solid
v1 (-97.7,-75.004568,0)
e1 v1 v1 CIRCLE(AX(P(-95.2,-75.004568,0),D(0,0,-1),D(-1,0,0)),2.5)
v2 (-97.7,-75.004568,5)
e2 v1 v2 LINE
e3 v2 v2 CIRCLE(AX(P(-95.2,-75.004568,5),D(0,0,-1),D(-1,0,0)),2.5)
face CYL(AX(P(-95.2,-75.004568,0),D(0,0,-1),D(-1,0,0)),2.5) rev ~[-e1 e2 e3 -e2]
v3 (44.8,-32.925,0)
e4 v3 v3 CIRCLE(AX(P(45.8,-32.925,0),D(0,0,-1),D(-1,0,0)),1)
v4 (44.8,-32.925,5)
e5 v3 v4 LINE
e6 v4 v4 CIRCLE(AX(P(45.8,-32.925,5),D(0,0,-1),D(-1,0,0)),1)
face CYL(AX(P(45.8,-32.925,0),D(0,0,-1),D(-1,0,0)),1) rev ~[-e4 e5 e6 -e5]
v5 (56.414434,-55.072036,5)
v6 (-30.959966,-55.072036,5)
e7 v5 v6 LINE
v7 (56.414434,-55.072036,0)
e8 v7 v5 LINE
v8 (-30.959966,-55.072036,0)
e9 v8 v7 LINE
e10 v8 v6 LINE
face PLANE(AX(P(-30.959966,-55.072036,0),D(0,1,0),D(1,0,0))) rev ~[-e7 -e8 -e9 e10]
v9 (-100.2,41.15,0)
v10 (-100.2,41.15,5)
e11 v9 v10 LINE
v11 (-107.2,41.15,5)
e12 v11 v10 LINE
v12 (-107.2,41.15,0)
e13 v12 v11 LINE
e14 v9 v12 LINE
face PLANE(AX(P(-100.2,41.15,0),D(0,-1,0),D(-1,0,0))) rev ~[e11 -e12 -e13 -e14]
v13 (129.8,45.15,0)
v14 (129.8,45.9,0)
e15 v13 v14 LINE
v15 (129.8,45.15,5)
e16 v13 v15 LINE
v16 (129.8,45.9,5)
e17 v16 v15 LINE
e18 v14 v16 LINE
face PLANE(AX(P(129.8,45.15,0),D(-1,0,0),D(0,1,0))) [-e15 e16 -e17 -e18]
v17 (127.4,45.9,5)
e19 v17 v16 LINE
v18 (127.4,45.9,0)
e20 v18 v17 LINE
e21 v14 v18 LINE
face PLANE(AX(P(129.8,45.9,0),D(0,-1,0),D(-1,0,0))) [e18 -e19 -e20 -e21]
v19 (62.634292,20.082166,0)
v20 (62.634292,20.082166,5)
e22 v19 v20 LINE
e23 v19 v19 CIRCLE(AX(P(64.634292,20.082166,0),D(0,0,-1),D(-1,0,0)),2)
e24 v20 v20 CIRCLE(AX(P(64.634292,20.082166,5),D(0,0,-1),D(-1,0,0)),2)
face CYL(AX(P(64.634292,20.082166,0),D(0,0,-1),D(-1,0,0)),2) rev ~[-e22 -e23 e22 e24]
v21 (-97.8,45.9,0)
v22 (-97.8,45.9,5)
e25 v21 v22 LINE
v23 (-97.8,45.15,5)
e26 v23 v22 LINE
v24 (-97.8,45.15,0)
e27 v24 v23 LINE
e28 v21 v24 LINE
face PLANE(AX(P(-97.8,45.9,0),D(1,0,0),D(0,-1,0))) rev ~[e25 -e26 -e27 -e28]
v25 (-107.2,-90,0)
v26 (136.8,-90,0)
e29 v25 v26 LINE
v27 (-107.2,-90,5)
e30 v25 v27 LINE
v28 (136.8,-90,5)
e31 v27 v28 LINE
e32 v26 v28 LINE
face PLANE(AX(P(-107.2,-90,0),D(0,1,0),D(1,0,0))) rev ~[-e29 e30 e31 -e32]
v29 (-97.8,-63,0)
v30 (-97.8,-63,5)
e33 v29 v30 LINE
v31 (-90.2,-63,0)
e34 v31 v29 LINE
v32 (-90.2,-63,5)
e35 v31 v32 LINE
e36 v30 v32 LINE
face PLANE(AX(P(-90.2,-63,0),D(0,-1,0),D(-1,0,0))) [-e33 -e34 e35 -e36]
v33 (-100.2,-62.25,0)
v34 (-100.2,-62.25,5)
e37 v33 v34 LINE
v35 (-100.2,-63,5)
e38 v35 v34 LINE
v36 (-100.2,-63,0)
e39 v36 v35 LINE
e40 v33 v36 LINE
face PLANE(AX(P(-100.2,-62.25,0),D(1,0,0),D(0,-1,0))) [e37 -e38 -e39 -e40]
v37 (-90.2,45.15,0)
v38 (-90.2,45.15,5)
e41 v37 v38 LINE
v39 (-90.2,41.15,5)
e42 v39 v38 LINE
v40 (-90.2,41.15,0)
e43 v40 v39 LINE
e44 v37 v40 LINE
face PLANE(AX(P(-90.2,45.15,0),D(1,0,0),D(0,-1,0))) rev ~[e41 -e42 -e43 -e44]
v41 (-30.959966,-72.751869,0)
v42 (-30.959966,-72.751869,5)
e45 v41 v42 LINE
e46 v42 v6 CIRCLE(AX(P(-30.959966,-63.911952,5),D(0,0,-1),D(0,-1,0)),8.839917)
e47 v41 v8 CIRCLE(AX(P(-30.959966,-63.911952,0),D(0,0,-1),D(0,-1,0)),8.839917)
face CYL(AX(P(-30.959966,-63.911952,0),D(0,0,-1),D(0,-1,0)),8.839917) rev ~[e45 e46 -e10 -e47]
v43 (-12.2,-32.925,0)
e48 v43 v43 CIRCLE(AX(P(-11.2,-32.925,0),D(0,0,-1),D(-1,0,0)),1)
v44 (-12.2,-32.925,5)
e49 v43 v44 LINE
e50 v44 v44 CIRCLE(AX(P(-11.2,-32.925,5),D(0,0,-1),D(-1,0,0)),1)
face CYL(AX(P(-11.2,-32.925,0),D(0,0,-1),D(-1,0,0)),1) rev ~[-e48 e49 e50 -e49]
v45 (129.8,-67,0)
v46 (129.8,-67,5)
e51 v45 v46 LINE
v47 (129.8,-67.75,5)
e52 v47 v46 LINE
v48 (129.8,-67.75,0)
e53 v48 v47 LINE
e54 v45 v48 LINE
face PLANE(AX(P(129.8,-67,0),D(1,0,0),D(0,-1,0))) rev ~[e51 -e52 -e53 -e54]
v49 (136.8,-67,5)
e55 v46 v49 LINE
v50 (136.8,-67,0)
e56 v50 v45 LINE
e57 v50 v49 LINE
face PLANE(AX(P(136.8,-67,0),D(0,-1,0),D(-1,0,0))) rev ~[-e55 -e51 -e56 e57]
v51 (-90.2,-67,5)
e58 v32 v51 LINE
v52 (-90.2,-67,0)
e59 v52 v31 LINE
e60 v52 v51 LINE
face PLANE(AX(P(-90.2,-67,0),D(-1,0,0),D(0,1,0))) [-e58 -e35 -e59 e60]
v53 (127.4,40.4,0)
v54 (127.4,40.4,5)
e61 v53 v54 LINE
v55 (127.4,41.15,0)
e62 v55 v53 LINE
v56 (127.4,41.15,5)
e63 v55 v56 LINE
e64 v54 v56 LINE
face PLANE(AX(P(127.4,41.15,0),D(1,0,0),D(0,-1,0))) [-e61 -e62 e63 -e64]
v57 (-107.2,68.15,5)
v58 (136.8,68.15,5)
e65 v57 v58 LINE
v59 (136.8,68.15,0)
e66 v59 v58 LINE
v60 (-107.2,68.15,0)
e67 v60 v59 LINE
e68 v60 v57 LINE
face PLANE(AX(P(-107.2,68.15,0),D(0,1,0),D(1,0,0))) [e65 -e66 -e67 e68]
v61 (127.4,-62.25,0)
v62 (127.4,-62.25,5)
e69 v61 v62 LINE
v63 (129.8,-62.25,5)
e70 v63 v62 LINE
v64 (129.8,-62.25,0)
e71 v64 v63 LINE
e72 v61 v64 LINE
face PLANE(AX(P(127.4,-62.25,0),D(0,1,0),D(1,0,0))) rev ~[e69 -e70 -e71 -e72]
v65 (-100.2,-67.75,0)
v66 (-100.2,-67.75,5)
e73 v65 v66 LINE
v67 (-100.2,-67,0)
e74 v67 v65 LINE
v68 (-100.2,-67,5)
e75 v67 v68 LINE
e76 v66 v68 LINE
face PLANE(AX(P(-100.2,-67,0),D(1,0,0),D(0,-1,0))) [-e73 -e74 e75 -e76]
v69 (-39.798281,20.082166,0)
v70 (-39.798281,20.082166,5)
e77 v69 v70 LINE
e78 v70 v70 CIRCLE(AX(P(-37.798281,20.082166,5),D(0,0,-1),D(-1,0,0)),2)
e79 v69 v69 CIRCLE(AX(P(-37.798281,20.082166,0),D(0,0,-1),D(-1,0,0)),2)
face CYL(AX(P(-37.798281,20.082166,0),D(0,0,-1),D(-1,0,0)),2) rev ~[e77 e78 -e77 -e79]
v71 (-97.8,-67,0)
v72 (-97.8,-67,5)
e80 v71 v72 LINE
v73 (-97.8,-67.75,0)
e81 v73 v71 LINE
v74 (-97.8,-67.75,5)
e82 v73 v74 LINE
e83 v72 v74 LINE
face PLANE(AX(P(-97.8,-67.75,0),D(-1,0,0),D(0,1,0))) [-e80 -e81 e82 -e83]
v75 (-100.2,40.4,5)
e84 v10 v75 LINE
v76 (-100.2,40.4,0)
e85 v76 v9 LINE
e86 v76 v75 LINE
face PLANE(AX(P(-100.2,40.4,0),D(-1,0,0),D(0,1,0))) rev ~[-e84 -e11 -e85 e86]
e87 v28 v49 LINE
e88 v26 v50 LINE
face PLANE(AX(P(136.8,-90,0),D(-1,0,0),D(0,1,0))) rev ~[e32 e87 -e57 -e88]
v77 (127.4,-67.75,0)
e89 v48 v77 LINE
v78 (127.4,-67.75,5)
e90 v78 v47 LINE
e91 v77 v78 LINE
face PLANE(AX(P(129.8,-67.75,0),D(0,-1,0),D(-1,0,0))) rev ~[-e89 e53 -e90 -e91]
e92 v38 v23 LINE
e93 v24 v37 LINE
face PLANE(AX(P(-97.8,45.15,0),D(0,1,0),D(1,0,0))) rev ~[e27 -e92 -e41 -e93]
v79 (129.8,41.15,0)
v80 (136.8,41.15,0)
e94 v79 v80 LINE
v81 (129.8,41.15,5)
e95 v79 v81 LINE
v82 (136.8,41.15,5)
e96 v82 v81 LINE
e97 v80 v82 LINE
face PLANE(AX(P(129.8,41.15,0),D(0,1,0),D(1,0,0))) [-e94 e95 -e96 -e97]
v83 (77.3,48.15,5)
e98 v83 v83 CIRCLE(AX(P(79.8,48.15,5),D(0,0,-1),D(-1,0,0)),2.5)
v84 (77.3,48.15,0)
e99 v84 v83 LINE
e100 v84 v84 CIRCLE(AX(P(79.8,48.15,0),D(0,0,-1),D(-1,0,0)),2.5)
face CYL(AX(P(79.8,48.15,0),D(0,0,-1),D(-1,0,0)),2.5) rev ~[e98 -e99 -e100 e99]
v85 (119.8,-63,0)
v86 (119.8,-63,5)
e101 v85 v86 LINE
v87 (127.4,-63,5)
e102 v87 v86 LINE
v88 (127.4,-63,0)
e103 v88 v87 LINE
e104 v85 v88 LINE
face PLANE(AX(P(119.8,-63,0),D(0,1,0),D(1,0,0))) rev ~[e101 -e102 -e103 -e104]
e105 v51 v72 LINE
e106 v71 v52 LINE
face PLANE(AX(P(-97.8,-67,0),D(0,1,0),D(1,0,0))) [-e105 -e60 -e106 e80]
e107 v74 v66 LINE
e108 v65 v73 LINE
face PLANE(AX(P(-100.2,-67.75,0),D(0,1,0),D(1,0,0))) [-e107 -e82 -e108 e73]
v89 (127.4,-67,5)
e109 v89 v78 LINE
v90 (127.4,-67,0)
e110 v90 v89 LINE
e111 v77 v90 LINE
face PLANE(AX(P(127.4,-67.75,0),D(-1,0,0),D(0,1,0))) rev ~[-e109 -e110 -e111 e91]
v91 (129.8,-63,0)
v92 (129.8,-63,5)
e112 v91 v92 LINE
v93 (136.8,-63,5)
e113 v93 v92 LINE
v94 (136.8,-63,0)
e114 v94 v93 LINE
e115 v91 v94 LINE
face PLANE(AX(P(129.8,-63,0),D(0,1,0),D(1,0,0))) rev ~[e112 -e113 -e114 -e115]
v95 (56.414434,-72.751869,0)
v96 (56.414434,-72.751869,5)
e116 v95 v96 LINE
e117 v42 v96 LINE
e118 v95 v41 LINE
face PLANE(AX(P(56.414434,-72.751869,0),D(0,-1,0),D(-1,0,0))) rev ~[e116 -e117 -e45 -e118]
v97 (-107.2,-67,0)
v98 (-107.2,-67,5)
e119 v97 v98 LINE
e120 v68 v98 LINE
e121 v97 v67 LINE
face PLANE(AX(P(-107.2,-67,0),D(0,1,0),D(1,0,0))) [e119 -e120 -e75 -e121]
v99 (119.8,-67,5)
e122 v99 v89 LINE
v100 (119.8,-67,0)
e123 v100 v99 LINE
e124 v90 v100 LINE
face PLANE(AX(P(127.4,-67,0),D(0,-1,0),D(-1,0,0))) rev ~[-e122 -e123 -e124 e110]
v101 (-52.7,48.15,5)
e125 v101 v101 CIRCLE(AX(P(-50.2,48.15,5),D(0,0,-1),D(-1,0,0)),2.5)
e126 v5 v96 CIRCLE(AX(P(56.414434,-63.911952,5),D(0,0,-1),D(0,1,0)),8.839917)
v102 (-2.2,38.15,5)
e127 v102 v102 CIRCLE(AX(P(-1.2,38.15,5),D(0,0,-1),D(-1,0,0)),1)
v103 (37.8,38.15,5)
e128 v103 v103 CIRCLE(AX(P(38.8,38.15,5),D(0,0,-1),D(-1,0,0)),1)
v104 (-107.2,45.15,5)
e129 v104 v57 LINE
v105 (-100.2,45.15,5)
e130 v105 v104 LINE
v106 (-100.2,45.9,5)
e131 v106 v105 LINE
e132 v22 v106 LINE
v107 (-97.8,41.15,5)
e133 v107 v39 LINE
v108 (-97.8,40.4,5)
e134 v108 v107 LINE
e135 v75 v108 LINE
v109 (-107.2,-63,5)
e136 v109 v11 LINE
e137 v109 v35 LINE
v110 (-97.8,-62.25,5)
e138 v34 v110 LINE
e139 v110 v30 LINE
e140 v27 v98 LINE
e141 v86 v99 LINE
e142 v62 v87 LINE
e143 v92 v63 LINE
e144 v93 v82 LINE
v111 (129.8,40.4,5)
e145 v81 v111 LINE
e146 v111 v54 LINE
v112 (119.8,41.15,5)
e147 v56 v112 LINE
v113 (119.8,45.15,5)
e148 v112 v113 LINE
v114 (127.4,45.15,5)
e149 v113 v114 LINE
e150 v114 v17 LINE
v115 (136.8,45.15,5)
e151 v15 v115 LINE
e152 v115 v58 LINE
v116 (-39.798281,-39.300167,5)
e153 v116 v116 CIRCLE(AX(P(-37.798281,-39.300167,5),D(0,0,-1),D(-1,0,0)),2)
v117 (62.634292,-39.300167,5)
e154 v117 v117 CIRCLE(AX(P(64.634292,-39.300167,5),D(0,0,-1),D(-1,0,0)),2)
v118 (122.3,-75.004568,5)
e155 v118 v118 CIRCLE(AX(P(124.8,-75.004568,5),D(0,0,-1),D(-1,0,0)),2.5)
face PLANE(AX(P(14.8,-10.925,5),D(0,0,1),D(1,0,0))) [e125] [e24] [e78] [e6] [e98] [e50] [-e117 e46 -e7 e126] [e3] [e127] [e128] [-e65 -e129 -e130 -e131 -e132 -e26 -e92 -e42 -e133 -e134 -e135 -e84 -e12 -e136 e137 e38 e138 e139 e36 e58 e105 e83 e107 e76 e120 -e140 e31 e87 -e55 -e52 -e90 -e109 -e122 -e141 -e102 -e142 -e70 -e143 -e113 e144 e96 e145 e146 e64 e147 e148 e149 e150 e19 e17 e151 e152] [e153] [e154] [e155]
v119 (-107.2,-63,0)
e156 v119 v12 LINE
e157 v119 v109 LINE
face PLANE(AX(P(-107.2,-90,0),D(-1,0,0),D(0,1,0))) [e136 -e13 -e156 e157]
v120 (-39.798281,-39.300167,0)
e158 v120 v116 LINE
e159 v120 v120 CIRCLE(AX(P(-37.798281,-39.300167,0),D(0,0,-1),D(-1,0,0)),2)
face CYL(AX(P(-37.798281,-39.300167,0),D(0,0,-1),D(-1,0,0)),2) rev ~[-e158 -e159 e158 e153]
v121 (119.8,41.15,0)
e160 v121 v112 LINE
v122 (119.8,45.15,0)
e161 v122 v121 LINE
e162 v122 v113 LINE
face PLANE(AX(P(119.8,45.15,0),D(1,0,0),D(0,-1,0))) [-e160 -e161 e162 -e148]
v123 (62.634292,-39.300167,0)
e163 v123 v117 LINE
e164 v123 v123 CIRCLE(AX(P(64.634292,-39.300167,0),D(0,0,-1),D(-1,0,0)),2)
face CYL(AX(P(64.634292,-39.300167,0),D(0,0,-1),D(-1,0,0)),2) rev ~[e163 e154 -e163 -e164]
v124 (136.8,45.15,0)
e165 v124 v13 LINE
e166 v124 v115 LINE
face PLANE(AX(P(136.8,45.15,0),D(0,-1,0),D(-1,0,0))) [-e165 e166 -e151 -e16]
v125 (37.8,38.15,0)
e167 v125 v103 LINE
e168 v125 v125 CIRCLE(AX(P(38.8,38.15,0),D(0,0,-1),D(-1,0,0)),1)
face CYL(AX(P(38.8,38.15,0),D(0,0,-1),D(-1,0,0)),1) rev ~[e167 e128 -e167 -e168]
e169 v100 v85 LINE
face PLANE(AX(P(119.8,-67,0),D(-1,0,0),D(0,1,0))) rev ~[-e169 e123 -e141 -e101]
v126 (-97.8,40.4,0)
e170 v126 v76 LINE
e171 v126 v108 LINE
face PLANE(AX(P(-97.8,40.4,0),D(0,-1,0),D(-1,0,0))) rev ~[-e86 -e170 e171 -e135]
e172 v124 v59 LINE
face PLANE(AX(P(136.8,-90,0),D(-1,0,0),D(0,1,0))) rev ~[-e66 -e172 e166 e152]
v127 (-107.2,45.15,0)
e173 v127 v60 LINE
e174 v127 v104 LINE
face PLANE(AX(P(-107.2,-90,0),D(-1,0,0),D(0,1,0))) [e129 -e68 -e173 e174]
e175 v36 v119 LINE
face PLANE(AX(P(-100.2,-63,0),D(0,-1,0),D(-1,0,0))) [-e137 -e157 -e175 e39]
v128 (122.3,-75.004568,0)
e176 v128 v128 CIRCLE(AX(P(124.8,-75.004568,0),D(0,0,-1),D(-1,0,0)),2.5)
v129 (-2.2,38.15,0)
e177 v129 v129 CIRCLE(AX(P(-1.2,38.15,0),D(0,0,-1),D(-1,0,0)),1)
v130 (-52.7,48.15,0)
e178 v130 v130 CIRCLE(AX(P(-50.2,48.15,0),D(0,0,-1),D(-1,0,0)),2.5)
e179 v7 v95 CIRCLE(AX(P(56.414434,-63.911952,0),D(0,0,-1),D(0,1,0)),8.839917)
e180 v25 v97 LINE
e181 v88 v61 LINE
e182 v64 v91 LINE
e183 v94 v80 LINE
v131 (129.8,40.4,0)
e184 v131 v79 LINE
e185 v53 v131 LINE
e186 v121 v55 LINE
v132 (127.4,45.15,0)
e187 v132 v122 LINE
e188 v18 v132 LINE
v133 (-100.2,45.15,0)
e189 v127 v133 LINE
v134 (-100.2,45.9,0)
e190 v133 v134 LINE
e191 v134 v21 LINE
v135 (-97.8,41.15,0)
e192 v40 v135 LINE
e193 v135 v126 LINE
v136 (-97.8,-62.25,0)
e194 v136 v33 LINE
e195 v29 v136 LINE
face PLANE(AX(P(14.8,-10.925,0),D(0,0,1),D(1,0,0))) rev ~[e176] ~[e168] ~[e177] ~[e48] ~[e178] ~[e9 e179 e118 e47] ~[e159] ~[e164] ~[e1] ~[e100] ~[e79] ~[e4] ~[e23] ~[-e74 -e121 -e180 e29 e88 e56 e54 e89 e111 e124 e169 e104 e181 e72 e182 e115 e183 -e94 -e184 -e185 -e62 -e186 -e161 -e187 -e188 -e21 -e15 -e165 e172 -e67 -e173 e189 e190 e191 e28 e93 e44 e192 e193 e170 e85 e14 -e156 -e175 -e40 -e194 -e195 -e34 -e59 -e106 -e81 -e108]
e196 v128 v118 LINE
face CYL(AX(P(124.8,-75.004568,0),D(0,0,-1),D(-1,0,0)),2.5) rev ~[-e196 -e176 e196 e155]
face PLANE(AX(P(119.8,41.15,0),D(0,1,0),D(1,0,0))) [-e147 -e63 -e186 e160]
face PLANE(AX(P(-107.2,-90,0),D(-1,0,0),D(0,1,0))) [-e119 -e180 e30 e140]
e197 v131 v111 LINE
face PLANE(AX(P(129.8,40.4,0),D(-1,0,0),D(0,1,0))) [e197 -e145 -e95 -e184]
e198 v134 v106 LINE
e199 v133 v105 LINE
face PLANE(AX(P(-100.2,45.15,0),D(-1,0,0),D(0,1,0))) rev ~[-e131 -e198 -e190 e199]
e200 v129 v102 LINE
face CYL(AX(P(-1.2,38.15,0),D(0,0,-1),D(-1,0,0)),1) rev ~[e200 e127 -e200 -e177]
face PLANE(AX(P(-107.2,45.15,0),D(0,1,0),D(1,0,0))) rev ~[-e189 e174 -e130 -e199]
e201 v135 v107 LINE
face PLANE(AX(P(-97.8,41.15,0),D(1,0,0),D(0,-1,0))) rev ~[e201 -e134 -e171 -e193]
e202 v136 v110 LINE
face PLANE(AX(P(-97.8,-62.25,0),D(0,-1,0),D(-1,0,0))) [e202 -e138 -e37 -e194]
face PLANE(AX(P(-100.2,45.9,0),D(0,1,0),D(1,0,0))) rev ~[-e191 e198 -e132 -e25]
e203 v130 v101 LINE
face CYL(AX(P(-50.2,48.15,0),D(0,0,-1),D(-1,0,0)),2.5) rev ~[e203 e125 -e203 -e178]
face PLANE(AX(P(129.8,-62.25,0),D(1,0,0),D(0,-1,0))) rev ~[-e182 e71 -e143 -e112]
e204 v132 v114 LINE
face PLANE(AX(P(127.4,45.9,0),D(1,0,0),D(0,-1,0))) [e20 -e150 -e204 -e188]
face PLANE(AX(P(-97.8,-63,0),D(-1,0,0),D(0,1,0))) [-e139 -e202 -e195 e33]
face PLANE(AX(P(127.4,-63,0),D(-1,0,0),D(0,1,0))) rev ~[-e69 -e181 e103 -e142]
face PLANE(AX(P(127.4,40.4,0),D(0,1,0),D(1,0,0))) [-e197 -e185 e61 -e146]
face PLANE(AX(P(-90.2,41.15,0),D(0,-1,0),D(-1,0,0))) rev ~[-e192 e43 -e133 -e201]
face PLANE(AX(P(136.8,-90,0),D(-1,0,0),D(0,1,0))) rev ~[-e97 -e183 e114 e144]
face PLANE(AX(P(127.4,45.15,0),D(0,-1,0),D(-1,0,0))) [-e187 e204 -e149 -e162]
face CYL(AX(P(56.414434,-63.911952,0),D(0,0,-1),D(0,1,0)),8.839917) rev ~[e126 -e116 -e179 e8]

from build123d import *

# Parameters (mm, degrees)
SKETCH1_W           = 244
SKETCH1_H           = 158.15
BOSS_EXTRUDE1_DEPTH = 5
CUT_EXTRUDE1_DEPTH  = 10
SKETCH3_R           = 2.5
CUT_EXTRUDE2_DEPTH  = 10
SKETCH4_R           = 1
CUT_EXTRUDE3_DEPTH  = 10
SKETCH5_R           = 2
CUT_EXTRUDE4_DEPTH  = 10
CUT_EXTRUDE5_DEPTH  = 10


with BuildPart() as part:
    # Sketch1 → Boss-Extrude1 (new body)
    with BuildSketch(Plane.XY):
        with Locations((14.8, -10.925)):
            Rectangle(SKETCH1_W, SKETCH1_H)
    extrude(amount=BOSS_EXTRUDE1_DEPTH)

    # Sketch2 → Cut-Extrude1 (cut)
    with BuildSketch(Plane(origin=(0, 0, 0), x_dir=(-1, 0, 0), z_dir=(0, 0, -1))):
        Polygon((-136.8, 45.15), (-129.8, 45.15), (-129.8, 45.9), (-127.4, 45.9), (-127.4, 45.15), (-119.8, 45.15), (-119.8, 41.15), (-127.4, 41.15), (-127.4, 40.4), (-129.8, 40.4), (-129.8, 41.15), (-136.8, 41.15), align=None)
        Polygon((-129.8, -63), (-136.8, -63), (-136.8, -67), (-129.8, -67), (-129.8, -67.75), (-127.4, -67.75), (-127.4, -67), (-119.8, -67), (-119.8, -63), (-127.4, -63), (-127.4, -62.25), (-129.8, -62.25), align=None)
        Polygon((100.2, 41.15), (107.2, 41.15), (107.2, 45.15), (100.2, 45.15), (100.2, 45.9), (97.8, 45.9), (97.8, 45.15), (90.2, 45.15), (90.2, 41.15), (97.8, 41.15), (97.8, 40.4), (100.2, 40.4), align=None)
        Polygon((107.2, -67), (100.2, -67), (100.2, -67.75), (97.8, -67.75), (97.8, -67), (90.2, -67), (90.2, -63), (97.8, -63), (97.8, -62.25), (100.2, -62.25), (100.2, -63), (107.2, -63), align=None)
    extrude(amount=-CUT_EXTRUDE1_DEPTH, mode=Mode.SUBTRACT)

    # Sketch3 → Cut-Extrude2 (cut)
    with BuildSketch(Plane(origin=(0, 0, 0), x_dir=(-1, 0, 0), z_dir=(0, 0, -1))):
        with Locations((-124.8, -75.004567899)):
            Circle(SKETCH3_R)
        with Locations((-79.8, 48.15)):
            Circle(SKETCH3_R)
        with Locations((95.2, -75.004567899)):
            Circle(SKETCH3_R)
        with Locations((50.2, 48.15)):
            Circle(SKETCH3_R)
    extrude(amount=-CUT_EXTRUDE2_DEPTH, mode=Mode.SUBTRACT)

    # Sketch4 → Cut-Extrude3 (cut)
    with BuildSketch(Plane(origin=(0, 0, 0), x_dir=(-1, 0, 0), z_dir=(0, 0, -1))):
        with Locations((-38.8, 38.15)):
            Circle(SKETCH4_R)
        with Locations((1.2, 38.15)):
            Circle(SKETCH4_R)
        with Locations((-45.8, -32.925)):
            Circle(SKETCH4_R)
        with Locations((11.2, -32.925)):
            Circle(SKETCH4_R)
    extrude(amount=-CUT_EXTRUDE3_DEPTH, mode=Mode.SUBTRACT)

    # Sketch5 → Cut-Extrude4 (cut)
    with BuildSketch(Plane(origin=(0, 0, 0), x_dir=(-1, 0, 0), z_dir=(0, 0, -1))):
        with Locations((-64.634291995, 20.08216582)):
            Circle(SKETCH5_R)
        with Locations((37.798280732, 20.08216582)):
            Circle(SKETCH5_R)
        with Locations((37.798280732, -39.300167224)):
            Circle(SKETCH5_R)
        with Locations((-64.634291995, -39.300167224)):
            Circle(SKETCH5_R)
    extrude(amount=-CUT_EXTRUDE4_DEPTH, mode=Mode.SUBTRACT)

    # Sketch6 → Cut-Extrude5 (cut)
    with BuildSketch(Plane(origin=(0, 0, 0), x_dir=(-1, 0, 0), z_dir=(0, 0, -1))):
        with BuildLine():
            Line((-56.414434421, -72.751869016), (30.959965679, -72.751869016))
            ThreePointArc((30.959965679, -72.751869016), (39.799882323, -63.911952372), (30.959965679, -55.072035728))
            Line((30.959965679, -55.072035728), (-56.414434421, -55.072035728))
            ThreePointArc((-56.414434421, -55.072035728), (-65.254351065, -63.911952372), (-56.414434421, -72.751869016))
        make_face()
    extrude(amount=-CUT_EXTRUDE5_DEPTH, mode=Mode.SUBTRACT)


solid = part.part
